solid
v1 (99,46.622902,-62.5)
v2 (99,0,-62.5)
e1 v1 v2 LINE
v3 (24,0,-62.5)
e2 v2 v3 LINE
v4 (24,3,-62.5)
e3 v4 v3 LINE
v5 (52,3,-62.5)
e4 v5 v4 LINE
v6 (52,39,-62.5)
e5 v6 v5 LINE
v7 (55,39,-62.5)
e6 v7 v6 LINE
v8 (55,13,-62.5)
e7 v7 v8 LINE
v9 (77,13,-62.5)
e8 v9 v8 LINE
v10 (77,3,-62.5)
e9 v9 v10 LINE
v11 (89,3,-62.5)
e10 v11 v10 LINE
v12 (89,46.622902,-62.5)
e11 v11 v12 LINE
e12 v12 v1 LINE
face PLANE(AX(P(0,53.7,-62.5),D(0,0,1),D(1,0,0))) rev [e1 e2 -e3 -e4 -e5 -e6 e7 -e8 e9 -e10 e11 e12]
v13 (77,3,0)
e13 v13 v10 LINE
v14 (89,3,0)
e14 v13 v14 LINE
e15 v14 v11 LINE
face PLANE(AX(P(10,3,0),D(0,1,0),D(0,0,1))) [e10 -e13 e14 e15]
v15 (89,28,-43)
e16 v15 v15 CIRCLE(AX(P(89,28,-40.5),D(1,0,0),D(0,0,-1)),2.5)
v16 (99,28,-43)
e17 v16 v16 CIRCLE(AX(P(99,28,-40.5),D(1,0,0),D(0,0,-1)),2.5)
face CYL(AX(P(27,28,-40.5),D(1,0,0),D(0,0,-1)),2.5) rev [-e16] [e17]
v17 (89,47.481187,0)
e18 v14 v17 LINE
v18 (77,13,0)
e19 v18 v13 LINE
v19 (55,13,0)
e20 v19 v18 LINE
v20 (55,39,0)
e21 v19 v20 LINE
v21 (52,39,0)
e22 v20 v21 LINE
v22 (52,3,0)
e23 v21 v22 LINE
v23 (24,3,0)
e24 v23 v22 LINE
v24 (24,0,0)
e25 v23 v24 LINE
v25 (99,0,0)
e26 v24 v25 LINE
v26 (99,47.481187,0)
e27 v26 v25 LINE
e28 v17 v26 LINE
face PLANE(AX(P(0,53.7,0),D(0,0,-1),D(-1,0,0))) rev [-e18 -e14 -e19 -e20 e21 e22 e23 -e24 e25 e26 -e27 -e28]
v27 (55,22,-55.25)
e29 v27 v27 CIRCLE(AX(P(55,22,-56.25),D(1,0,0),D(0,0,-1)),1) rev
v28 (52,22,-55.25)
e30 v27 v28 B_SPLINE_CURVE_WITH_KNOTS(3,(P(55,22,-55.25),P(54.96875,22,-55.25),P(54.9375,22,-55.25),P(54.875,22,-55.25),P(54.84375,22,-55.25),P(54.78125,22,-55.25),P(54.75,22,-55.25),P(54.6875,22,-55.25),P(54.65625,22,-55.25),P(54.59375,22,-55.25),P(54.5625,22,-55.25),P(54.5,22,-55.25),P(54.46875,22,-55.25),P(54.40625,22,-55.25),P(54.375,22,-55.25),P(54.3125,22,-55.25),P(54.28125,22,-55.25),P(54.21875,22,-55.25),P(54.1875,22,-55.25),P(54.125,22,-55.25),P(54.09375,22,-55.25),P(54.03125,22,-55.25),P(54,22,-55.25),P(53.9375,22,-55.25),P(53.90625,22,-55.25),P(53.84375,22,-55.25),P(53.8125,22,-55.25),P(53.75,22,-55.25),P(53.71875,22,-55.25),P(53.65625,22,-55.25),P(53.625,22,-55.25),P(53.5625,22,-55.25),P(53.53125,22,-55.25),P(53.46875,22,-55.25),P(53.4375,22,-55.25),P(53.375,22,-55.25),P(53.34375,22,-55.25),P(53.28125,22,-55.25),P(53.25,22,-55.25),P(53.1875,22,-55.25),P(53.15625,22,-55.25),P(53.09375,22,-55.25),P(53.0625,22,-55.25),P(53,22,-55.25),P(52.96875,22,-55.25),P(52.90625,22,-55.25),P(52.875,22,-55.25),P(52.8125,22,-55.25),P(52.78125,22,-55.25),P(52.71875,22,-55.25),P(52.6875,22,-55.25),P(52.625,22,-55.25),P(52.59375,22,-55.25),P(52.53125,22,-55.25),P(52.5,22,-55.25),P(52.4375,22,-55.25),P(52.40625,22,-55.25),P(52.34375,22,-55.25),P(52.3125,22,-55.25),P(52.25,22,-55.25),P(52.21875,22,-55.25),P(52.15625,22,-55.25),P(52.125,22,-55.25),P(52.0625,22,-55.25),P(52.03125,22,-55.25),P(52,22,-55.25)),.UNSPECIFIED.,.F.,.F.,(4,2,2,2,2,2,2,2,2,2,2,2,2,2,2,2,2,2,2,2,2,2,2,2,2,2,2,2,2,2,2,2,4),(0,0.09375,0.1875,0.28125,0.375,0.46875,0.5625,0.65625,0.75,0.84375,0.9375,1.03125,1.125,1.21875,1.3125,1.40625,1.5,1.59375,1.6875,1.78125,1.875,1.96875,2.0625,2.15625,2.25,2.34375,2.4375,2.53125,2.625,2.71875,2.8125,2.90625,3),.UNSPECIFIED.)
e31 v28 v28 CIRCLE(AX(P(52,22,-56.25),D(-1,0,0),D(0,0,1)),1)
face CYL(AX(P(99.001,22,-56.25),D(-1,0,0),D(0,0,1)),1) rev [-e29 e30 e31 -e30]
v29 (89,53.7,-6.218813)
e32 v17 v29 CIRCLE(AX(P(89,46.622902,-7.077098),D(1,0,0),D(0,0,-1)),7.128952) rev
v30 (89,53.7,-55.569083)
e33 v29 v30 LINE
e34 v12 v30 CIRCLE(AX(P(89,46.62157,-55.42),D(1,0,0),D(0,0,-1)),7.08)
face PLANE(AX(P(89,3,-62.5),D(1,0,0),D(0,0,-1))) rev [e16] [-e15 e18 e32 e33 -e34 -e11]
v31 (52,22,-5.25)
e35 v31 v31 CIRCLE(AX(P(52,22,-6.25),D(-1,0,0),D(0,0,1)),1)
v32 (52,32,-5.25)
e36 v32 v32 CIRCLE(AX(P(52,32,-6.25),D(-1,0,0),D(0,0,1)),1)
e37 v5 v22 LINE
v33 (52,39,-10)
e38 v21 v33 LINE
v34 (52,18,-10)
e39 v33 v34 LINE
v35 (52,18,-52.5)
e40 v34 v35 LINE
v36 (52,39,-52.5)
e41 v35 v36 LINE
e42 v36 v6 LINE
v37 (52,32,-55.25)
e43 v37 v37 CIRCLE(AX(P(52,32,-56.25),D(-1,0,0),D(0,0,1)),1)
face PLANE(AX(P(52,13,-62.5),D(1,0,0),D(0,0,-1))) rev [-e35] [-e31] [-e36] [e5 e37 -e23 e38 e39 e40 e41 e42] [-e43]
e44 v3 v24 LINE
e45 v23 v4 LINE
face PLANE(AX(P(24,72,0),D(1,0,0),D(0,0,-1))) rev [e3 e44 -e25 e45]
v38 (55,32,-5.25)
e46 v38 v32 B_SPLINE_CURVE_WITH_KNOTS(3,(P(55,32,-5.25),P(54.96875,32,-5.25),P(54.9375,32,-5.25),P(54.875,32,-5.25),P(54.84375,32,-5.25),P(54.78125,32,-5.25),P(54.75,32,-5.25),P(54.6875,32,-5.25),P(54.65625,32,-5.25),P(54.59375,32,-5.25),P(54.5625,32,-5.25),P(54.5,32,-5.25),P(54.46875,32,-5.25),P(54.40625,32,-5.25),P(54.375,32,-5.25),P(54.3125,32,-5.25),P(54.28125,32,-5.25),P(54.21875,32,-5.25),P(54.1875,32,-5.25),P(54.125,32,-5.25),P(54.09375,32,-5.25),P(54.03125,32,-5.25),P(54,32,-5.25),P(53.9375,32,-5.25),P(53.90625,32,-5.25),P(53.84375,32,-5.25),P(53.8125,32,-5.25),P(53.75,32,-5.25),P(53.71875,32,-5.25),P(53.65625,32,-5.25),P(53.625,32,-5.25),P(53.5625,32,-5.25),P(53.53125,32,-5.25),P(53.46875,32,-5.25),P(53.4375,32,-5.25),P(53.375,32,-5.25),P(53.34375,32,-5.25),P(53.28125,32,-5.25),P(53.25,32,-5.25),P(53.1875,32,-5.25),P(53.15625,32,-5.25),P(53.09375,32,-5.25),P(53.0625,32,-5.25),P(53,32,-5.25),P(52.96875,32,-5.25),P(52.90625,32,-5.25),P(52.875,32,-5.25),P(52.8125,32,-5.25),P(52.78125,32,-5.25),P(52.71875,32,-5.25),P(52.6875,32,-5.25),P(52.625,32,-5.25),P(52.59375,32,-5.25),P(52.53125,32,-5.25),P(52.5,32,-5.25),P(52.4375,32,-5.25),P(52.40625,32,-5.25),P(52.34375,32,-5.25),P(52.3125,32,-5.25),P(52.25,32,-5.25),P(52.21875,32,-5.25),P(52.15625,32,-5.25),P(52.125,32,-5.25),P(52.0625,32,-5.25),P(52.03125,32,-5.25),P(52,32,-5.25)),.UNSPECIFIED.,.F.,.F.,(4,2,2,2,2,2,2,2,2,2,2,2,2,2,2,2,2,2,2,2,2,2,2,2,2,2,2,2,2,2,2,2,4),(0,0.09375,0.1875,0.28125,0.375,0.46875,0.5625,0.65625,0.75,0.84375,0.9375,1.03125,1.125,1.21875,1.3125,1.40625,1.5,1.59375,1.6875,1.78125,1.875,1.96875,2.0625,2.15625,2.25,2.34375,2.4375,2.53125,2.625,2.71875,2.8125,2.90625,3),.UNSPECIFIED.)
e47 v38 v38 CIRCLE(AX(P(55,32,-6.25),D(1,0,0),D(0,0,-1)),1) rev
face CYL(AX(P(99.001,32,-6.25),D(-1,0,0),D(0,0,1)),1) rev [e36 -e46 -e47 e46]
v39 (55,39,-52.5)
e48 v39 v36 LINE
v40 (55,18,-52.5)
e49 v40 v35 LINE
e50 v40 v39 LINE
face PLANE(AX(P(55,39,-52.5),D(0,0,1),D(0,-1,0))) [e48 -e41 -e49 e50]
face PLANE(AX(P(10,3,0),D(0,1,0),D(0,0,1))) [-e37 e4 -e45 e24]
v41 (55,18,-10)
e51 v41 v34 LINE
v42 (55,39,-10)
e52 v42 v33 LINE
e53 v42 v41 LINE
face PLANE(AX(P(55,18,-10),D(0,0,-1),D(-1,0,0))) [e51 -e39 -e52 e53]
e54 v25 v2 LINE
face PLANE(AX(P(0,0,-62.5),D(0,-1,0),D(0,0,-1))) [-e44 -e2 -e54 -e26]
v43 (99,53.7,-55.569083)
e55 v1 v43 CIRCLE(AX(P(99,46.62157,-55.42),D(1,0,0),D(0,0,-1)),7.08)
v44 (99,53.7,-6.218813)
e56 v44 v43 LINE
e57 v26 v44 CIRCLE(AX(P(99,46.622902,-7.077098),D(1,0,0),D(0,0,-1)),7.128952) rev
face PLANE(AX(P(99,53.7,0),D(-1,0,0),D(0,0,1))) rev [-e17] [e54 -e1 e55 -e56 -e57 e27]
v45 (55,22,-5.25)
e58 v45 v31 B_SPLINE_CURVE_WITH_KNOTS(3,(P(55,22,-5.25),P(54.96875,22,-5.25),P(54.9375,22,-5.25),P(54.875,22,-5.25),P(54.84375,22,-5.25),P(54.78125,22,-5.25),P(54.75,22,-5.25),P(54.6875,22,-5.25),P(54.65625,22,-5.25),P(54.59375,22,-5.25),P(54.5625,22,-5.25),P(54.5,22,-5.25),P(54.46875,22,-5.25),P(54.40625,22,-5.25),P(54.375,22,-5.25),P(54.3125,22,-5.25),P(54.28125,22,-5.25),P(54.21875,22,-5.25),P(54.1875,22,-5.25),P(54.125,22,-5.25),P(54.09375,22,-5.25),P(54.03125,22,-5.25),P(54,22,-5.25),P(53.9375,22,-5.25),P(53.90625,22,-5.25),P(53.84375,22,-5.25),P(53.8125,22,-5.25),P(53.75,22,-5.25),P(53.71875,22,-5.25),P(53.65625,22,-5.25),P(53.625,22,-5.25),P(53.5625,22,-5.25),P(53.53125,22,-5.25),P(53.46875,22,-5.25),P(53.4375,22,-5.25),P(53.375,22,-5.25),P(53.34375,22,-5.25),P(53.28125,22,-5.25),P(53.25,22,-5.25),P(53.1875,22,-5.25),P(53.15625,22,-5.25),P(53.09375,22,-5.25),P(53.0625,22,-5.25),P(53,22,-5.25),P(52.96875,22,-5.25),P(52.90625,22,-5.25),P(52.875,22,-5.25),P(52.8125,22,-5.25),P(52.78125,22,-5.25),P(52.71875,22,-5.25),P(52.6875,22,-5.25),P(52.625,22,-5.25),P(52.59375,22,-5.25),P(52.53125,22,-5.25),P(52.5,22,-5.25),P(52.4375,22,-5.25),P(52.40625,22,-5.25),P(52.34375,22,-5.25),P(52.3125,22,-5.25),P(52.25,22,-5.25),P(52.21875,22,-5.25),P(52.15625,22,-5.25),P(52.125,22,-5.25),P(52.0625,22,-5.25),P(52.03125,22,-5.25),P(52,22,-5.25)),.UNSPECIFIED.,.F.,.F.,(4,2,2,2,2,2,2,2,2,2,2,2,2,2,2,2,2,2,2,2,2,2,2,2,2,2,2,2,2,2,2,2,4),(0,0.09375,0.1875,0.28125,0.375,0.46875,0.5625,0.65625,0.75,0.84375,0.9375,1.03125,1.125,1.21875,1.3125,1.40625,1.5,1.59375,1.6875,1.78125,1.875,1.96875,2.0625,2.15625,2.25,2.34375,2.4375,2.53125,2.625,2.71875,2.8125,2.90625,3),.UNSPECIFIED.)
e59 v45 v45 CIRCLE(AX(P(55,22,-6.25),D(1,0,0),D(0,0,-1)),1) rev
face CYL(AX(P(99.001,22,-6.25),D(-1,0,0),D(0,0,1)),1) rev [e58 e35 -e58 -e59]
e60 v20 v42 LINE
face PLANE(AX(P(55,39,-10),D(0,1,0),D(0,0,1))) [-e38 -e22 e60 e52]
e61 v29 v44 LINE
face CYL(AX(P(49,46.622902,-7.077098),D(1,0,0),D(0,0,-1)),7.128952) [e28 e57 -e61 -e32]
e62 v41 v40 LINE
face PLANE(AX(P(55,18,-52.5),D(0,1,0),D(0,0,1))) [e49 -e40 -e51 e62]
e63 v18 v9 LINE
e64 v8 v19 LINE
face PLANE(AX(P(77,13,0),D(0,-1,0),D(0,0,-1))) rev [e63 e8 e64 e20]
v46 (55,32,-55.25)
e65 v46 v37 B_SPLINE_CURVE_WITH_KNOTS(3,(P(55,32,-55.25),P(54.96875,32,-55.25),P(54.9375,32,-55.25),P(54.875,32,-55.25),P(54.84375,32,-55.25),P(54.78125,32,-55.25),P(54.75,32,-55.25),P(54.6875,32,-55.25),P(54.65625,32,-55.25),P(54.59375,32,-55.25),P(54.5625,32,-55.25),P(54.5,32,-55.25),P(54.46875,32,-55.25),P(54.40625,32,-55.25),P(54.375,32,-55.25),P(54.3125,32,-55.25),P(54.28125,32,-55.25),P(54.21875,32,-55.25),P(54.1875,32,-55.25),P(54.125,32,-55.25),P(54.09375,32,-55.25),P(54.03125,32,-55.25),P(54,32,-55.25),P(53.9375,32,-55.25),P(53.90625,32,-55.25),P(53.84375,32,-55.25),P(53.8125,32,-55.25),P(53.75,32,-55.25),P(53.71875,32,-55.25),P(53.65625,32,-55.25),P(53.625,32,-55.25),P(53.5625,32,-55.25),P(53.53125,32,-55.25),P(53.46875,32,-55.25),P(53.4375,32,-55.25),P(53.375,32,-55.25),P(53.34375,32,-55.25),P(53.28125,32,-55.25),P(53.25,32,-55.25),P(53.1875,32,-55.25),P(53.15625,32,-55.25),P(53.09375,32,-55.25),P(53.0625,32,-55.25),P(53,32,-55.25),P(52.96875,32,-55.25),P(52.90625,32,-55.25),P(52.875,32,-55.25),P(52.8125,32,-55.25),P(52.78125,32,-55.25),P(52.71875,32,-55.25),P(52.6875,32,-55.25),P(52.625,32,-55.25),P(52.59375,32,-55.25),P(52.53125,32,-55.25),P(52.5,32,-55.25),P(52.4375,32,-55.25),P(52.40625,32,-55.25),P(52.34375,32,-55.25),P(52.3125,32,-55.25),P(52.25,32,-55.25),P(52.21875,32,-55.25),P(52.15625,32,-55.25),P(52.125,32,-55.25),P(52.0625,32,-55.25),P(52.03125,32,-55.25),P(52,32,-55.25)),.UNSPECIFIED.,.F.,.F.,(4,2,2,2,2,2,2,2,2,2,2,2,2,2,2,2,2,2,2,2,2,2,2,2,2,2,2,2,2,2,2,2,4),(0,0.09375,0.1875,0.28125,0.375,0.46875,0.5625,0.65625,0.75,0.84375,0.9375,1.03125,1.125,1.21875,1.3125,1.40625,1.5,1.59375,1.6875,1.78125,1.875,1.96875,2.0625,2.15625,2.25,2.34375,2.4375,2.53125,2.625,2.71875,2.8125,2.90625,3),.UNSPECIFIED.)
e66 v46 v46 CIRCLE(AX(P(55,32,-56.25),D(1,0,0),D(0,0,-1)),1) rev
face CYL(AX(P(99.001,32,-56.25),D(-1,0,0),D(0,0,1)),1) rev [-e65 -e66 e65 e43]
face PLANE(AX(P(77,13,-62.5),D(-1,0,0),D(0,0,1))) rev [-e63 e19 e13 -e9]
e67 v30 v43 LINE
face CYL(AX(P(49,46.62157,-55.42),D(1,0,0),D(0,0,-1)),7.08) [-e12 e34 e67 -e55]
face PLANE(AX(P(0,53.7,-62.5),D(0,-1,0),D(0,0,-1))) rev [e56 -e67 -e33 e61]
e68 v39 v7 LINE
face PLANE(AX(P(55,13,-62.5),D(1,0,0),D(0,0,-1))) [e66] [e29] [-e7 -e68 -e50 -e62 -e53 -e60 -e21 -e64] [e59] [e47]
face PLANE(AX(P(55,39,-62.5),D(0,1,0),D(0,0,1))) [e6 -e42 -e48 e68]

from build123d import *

# Parameters (mm, degrees)
SKETCH1_W           = 99
SKETCH1_H           = 62.5
BOSS_EXTRUDE1_DEPTH = 53.7
SKETCH2_W           = 79
SKETCH2_H           = 62.5
CUT_EXTRUDE1_DEPTH  = 50.7
SKETCH3_W           = 25
SKETCH3_H           = 62.5
BOSS_EXTRUDE2_DEPTH = 10
BOSS_EXTRUDE4_DEPTH = 3
SKETCH5_W           = 24
SKETCH5_H           = 62.5
CUT_EXTRUDE3_DEPTH  = 72
CUT_EXTRUDE4_REACH  = 96.863
SKETCH6_R           = 1
SKETCH7_R           = 2.5
CUT_EXTRUDE5_DEPTH  = 72
CUT_EXTRUDE7_DEPTH  = 50


with BuildPart() as part:
    # Sketch1 → Boss-Extrude1 (new body)
    with BuildSketch(Plane(origin=(0, 0, 0), x_dir=(1, 0, 0), z_dir=(0, 1, 0))):
        with Locations((49.5, 31.25)):
            Rectangle(SKETCH1_W, SKETCH1_H)
    extrude(amount=BOSS_EXTRUDE1_DEPTH)

    # Sketch2 → Cut-Extrude1 (cut)
    with BuildSketch(Plane(origin=(0, 53.7, 0), x_dir=(1, 0, 0), z_dir=(0, 1, 0))):
        with Locations((49.5, 31.25)):
            Rectangle(SKETCH2_W, SKETCH2_H)
    extrude(amount=-CUT_EXTRUDE1_DEPTH, mode=Mode.SUBTRACT)

    # Sketch3 → Boss-Extrude2 (add)
    with BuildSketch(Plane(origin=(0, 3, 0), x_dir=(1, 0, 0), z_dir=(0, 1, 0))):
        with Locations((64.5, 31.25)):
            Rectangle(SKETCH3_W, SKETCH3_H)
    extrude(amount=BOSS_EXTRUDE2_DEPTH)

    # Sketch4 → Boss-Extrude4 (add)
    with BuildSketch(Plane.ZY.offset(-52)):
        Polygon((-62.5, 13), (-62.5, 39), (-52.5, 39), (-52.5, 18), (-10, 18), (-10, 39), (0, 39), (0, 13), align=None)
    extrude(amount=-BOSS_EXTRUDE4_DEPTH)

    # Sketch5 → Cut-Extrude3 (cut)
    with BuildSketch(Plane.XZ):
        with Locations((12, -31.25)):
            Rectangle(SKETCH5_W, SKETCH5_H)
    extrude(amount=-CUT_EXTRUDE3_DEPTH, mode=Mode.SUBTRACT)

    # Sketch6 → Cut-Extrude4 (cut, up to next)
    with BuildSketch(Plane.ZY.offset(-52), mode=Mode.PRIVATE) as cut_extrude4_sk1:
        with Locations((-56.25, 32)):
            Circle(SKETCH6_R)
    cut_extrude4_tool1 = extrude(cut_extrude4_sk1.sketch, amount=-CUT_EXTRUDE4_REACH, mode=Mode.PRIVATE) & part.part
    # Sketch6 → Cut-Extrude4 (cut, up to next)
    with BuildSketch(Plane.ZY.offset(-52), mode=Mode.PRIVATE) as cut_extrude4_sk2:
        with Locations((-56.25, 22)):
            Circle(SKETCH6_R)
    cut_extrude4_tool2 = extrude(cut_extrude4_sk2.sketch, amount=-CUT_EXTRUDE4_REACH, mode=Mode.PRIVATE) & part.part
    # Sketch6 → Cut-Extrude4 (cut, up to next)
    with BuildSketch(Plane.ZY.offset(-52), mode=Mode.PRIVATE) as cut_extrude4_sk3:
        with Locations((-6.25, 22)):
            Circle(SKETCH6_R)
    cut_extrude4_tool3 = extrude(cut_extrude4_sk3.sketch, amount=-CUT_EXTRUDE4_REACH, mode=Mode.PRIVATE) & part.part
    # Sketch6 → Cut-Extrude4 (cut, up to next)
    with BuildSketch(Plane.ZY.offset(-52), mode=Mode.PRIVATE) as cut_extrude4_sk4:
        with Locations((-6.25, 32)):
            Circle(SKETCH6_R)
    cut_extrude4_tool4 = extrude(cut_extrude4_sk4.sketch, amount=-CUT_EXTRUDE4_REACH, mode=Mode.PRIVATE) & part.part
    add(cut_extrude4_tool1.solids().sort_by_distance((52, 32, -56.25))[0], mode=Mode.SUBTRACT)
    add(cut_extrude4_tool2.solids().sort_by_distance((52, 22, -56.25))[0], mode=Mode.SUBTRACT)
    add(cut_extrude4_tool3.solids().sort_by_distance((52, 22, -6.25))[0], mode=Mode.SUBTRACT)
    add(cut_extrude4_tool4.solids().sort_by_distance((52, 32, -6.25))[0], mode=Mode.SUBTRACT)

    # Sketch7 → Cut-Extrude5 (cut)
    with BuildSketch(Plane(origin=(99, 0, 0), x_dir=(0, 0, -1), z_dir=(1, 0, 0))):
        with Locations((40.5, 28)):
            Circle(SKETCH7_R)
    extrude(amount=-CUT_EXTRUDE5_DEPTH, mode=Mode.SUBTRACT)

    # Sketch10 → Cut-Extrude7 (cut)
    with BuildSketch(Plane(origin=(99, 0, 0), x_dir=(0, 0, -1), z_dir=(1, 0, 0))):
        with BuildLine():
            Line((0, 53.7), (0, 47.481187229))
            ThreePointArc((0, 47.481187229), (2.036166959, 51.663833041), (6.218812771, 53.7))
            Line((6.218812771, 53.7), (0, 53.7))
        make_face()
        with BuildLine():
            ThreePointArc((62.5, 46.622902441), (60.478284246, 51.575372551), (55.569083395, 53.7))
            Line((55.569083395, 53.7), (62.5, 53.7))
            Line((62.5, 53.7), (62.5, 46.622902441))
        make_face()
    extrude(amount=-CUT_EXTRUDE7_DEPTH, mode=Mode.SUBTRACT)


solid = part.part
